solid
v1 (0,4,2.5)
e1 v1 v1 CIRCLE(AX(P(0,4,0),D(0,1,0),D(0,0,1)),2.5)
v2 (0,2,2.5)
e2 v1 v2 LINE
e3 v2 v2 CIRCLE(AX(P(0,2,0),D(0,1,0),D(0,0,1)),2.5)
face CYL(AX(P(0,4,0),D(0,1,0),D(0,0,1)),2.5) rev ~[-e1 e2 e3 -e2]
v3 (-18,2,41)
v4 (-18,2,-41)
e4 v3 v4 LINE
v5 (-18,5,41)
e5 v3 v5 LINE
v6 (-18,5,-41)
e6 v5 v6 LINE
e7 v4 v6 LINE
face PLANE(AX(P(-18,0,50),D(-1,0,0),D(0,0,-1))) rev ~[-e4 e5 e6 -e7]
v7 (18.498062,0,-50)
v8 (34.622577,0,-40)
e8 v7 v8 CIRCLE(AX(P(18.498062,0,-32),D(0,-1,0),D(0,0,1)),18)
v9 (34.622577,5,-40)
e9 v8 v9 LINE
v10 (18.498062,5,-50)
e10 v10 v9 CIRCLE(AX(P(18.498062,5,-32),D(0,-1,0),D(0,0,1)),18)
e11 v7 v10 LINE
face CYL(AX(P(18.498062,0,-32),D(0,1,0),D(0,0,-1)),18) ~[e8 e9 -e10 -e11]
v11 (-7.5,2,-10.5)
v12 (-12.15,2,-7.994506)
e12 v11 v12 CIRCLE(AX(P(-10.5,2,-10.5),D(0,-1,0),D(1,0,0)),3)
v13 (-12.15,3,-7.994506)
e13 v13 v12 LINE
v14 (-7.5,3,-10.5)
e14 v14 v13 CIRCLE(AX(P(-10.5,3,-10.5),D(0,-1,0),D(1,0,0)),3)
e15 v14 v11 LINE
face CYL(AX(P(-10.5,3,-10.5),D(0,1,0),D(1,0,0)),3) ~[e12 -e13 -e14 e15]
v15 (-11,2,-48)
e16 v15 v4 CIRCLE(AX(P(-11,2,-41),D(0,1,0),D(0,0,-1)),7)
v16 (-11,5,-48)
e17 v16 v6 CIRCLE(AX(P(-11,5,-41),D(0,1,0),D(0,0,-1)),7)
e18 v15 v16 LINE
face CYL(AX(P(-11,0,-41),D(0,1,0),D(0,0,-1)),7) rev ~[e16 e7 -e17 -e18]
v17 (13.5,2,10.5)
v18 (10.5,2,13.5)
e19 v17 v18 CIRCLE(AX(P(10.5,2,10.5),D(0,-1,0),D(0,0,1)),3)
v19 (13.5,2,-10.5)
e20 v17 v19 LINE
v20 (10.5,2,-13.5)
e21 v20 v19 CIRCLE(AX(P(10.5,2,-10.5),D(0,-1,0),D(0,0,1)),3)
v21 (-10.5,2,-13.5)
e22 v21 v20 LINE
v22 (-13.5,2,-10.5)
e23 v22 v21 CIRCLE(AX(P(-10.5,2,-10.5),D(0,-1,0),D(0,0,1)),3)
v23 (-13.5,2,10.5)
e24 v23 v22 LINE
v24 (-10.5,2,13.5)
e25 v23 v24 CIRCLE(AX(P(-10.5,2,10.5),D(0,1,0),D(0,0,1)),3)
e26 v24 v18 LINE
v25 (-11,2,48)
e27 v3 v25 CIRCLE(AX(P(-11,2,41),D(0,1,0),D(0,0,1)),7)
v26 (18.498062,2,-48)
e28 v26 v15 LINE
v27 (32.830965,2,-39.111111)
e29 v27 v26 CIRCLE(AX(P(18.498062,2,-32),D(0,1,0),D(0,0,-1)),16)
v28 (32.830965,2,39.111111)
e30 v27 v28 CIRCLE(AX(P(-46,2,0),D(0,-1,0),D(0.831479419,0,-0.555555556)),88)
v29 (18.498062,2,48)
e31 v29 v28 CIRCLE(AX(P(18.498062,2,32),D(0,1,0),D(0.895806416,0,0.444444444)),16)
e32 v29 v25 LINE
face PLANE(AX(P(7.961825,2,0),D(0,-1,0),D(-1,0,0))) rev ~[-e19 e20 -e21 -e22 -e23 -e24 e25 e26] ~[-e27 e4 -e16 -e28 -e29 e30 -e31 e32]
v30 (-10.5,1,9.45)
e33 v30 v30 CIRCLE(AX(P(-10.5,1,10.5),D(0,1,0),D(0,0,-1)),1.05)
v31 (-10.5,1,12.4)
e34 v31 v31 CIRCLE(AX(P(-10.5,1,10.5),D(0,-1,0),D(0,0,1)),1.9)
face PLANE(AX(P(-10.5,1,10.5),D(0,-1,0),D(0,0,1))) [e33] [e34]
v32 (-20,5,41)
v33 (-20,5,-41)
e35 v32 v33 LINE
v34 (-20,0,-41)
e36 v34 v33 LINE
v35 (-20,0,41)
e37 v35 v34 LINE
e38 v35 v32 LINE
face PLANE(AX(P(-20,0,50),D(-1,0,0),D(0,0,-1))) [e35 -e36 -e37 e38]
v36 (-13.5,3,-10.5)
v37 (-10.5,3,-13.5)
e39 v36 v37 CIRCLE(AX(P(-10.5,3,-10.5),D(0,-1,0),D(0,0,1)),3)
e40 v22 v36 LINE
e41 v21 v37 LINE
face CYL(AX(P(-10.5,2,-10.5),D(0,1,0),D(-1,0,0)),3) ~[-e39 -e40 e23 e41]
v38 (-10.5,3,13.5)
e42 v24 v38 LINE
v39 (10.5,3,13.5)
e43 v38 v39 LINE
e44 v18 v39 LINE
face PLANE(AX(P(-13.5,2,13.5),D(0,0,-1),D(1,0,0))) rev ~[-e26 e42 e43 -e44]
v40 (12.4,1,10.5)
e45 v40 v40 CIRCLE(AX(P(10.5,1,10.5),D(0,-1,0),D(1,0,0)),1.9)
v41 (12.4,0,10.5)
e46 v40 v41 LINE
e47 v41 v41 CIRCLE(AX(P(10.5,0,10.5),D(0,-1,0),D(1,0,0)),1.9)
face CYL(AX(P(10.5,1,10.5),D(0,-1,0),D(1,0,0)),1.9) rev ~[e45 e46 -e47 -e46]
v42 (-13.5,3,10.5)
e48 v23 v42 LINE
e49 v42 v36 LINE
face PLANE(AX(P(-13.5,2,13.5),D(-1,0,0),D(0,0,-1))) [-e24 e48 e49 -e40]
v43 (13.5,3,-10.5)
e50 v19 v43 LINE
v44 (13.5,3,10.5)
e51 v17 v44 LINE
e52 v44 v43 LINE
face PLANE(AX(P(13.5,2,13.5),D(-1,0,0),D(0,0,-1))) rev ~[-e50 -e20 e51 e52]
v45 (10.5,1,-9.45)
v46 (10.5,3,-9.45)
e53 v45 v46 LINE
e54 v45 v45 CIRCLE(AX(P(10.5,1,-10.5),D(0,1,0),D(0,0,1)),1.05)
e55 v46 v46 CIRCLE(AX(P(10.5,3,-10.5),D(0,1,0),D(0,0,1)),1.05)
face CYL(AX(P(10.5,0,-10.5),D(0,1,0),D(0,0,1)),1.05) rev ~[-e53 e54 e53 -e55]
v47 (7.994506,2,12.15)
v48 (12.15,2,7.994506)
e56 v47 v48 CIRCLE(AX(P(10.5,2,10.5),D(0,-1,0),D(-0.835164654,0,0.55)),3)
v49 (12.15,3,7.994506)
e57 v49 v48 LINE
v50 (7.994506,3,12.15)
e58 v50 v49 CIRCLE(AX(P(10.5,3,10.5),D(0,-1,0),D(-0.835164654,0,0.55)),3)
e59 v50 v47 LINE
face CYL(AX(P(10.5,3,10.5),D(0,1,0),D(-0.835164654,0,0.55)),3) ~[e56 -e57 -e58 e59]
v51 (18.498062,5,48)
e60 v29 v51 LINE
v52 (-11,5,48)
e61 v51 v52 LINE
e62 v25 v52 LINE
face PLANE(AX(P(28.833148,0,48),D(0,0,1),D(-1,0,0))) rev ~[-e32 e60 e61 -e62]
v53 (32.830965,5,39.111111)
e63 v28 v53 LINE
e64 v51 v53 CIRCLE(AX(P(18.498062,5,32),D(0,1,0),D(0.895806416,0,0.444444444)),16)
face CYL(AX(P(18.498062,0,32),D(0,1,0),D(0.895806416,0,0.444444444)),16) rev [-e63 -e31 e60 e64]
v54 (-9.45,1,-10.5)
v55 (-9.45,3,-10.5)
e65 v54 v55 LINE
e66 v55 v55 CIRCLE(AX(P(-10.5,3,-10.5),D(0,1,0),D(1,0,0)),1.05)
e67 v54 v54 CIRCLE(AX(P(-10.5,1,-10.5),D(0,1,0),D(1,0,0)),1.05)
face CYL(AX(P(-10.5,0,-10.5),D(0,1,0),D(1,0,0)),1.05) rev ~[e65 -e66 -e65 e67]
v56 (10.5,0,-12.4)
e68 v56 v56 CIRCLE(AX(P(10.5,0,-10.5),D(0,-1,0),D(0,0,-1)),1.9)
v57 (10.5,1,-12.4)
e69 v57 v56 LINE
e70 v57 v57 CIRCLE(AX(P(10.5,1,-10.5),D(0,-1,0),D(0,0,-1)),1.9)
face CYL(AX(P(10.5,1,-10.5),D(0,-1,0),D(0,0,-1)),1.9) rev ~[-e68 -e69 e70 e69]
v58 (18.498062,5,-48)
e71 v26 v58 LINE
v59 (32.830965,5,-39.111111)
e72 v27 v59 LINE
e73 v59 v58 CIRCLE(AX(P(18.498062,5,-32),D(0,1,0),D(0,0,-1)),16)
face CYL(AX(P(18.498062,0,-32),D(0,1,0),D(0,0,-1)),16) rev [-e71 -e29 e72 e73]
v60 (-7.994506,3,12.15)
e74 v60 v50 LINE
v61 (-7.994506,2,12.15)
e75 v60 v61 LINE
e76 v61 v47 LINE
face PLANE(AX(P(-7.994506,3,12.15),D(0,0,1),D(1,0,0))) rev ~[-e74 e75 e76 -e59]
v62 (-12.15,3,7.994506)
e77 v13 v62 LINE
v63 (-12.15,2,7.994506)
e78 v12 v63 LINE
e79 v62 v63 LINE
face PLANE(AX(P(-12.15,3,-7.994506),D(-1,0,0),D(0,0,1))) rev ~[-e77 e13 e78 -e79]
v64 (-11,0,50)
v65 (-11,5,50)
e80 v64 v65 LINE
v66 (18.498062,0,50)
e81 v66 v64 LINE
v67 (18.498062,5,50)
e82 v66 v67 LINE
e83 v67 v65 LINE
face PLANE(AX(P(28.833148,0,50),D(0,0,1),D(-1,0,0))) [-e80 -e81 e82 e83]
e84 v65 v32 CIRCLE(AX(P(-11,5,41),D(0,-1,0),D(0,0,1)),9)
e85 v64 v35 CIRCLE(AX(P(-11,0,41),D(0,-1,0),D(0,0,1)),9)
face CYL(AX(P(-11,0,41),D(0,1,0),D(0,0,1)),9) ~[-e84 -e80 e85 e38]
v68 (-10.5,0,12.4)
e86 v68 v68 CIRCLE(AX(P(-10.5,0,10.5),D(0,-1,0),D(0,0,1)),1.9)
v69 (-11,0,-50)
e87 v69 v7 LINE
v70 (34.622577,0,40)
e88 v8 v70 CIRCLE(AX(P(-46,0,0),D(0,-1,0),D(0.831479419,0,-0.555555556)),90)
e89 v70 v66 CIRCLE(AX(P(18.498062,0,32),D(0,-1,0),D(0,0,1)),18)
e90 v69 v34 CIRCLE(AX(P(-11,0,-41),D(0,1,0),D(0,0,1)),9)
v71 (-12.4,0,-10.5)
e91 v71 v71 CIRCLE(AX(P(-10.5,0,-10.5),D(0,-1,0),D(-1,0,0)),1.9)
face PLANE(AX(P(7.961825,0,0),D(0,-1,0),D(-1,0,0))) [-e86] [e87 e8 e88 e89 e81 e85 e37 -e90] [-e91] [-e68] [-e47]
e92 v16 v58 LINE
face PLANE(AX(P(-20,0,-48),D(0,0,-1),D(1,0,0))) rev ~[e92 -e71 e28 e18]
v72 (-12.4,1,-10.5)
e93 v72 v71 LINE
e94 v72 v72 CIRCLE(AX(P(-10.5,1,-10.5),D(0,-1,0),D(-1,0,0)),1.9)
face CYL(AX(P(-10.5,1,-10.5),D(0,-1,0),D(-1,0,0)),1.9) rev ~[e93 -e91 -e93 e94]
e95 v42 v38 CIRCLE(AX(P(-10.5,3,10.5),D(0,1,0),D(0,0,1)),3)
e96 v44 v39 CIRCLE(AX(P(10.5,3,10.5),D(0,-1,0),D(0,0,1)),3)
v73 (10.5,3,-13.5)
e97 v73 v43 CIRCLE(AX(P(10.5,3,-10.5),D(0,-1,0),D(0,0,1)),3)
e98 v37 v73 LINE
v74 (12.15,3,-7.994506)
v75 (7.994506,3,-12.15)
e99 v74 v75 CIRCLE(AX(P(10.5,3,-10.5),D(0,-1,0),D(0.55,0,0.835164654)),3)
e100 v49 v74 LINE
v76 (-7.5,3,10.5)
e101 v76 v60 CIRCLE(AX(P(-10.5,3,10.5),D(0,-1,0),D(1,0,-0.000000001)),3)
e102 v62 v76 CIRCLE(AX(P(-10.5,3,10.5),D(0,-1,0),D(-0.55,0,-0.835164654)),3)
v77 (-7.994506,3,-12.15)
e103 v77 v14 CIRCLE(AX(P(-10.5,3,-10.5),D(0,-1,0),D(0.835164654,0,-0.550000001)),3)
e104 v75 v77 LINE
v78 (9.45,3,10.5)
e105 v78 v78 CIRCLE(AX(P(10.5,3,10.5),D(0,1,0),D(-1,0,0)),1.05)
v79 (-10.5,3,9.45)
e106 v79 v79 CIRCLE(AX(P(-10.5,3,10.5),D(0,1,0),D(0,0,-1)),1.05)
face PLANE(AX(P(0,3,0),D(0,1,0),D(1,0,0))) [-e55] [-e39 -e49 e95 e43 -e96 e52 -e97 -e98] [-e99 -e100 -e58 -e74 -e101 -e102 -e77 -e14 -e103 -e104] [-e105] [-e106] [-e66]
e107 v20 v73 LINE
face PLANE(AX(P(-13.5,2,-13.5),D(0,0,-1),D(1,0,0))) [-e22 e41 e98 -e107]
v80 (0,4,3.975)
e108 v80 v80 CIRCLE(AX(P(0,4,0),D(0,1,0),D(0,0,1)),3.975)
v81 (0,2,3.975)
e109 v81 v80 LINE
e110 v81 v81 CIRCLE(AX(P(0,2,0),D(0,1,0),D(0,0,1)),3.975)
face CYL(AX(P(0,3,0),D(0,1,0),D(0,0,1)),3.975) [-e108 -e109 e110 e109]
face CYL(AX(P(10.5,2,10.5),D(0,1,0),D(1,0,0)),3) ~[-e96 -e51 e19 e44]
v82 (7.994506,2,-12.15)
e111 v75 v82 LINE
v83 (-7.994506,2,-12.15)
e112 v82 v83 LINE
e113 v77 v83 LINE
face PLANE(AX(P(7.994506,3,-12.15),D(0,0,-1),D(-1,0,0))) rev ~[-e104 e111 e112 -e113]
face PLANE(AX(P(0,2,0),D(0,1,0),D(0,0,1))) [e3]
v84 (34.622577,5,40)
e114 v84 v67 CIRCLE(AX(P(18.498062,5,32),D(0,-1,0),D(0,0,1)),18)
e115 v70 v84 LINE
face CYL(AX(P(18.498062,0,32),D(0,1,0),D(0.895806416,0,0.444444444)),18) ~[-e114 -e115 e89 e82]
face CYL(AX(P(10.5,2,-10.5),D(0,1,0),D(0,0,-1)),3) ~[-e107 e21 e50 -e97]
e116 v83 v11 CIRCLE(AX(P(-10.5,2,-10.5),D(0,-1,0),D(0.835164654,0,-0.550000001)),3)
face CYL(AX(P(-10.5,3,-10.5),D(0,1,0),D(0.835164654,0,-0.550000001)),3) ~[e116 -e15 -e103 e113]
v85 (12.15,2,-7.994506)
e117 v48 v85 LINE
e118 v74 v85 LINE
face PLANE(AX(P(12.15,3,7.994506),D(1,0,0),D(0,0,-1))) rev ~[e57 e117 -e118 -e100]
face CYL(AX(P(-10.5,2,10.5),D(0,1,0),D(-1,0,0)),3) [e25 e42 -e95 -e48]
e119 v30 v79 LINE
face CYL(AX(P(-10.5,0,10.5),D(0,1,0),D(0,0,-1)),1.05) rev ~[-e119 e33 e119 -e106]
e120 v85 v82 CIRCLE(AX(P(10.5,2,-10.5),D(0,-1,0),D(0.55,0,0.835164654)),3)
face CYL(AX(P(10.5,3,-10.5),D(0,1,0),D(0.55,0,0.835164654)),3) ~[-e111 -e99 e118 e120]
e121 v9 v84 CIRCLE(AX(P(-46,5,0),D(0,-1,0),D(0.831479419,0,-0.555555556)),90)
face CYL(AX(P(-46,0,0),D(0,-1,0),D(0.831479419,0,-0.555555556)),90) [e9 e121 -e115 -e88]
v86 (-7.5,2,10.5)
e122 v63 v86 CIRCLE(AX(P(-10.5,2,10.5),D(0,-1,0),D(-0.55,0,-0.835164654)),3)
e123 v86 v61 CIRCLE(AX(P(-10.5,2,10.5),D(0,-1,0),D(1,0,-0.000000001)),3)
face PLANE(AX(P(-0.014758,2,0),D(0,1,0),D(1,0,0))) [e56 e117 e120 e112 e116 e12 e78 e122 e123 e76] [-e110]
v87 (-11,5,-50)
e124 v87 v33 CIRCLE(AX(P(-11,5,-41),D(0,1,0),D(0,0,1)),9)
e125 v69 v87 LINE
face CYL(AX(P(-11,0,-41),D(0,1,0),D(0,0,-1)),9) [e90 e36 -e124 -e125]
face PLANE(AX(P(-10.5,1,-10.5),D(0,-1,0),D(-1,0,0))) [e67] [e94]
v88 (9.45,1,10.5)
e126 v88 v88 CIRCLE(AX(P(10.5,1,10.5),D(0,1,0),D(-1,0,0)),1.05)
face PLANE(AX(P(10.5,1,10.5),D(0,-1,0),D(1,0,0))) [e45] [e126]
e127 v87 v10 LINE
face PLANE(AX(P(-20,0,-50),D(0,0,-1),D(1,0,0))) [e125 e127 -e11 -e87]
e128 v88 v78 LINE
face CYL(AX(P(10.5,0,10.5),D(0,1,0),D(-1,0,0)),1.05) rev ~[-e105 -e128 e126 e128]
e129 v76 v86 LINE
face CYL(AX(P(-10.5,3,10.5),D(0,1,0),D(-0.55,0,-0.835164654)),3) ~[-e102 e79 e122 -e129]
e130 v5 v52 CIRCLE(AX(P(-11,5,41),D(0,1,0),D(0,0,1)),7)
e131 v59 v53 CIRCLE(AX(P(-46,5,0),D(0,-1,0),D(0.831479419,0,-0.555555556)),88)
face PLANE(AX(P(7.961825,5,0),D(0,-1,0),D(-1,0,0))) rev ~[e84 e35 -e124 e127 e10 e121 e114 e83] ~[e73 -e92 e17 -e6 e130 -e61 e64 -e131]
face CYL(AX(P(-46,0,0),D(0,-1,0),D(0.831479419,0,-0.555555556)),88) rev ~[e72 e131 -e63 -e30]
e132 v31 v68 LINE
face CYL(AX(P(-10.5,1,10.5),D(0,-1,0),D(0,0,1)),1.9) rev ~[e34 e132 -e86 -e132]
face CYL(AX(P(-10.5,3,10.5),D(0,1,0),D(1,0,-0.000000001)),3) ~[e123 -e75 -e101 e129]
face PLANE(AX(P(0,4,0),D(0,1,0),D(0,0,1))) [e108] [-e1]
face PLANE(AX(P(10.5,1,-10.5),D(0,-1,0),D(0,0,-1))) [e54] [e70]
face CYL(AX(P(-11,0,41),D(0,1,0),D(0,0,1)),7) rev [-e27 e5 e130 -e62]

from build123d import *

# Parameters (mm, degrees)
EXTRUDE_1_DEPTH              = 5
FILLET_1_R                   = 9
FILLET_2_R                   = 18
SHELL_1_T                    = -2
SKETCH_2_W                   = 27
SKETCH_2_H                   = 27
EXTRUDE_2_DEPTH              = 1
SKETCH_3_R                   = 3.975
EXTRUDE_3_DEPTH              = 1
FILLET_3_R                   = 3
HOLE_WIZARD_M2_1_D           = 2.1
HOLE_WIZARD_M2_1_CBORE_D     = 3.8
HOLE_WIZARD_M2_1_CBORE_DEPTH = 1
PATTERN_CIRCULAR_1_COUNT     = 4
SKETCH_6_R                   = 3.975
CUT_EXTRUDE_1_DEPTH          = 1
SKETCH_7_R                   = 2.5
CUT_EXTRUDE_2_DEPTH          = 2


with BuildPart() as part:
    # ｽｹｯﾁ1 → ﾎﾞｽ - 押し出し1 (new body)
    with BuildSketch(Plane(origin=(0, 0, 0), x_dir=(1, 0, 0), z_dir=(0, 1, 0))):
        with BuildLine():
            Line((-20, 50), (28.833147735, 50))
            ThreePointArc((28.833147735, 50), (44, 0), (28.833147735, -50))
            Line((28.833147735, -50), (-20, -50))
            Line((-20, -50), (-20, 50))
        make_face()
    extrude(amount=EXTRUDE_1_DEPTH)

    # ﾌｨﾚｯﾄ1
    fillet_1_edges = [part.edges().sort_by_distance(p)[0] for p in [
        (-20, 2.5, -50),
        (-20, 2.5, 50),
    ]]
    fillet(fillet_1_edges, radius=FILLET_1_R)

    # ﾌｨﾚｯﾄ2
    fillet_2_edges = [part.edges().sort_by_distance(p)[0] for p in [
        (28.833147735, 2.5, -50),
        (28.833147735, 2.5, 50),
    ]]
    fillet(fillet_2_edges, radius=FILLET_2_R)

    # ｼｪﾙ1
    shell_1_openings = [part.faces().sort_by_distance(p)[0] for p in [
        (9.782139289, 5, 0),
    ]]
    offset(amount=SHELL_1_T, openings=shell_1_openings, kind=Kind.INTERSECTION)

    # ｽｹｯﾁ2 → ﾎﾞｽ - 押し出し2 (add)
    with BuildSketch(Plane(origin=(0, 2, 0), x_dir=(1, 0, 0), z_dir=(0, 1, 0))):
        Rectangle(SKETCH_2_W, SKETCH_2_H)
    extrude(amount=EXTRUDE_2_DEPTH)

    # ｽｹｯﾁ3 → ﾎﾞｽ - 押し出し3 (add)
    with BuildSketch(Plane(origin=(0, 3, 0), x_dir=(1, 0, 0), z_dir=(0, 1, 0))):
        with Locations(Location((0, 0, 0), (0, 0, 270))):
            Circle(SKETCH_3_R)
    extrude(amount=EXTRUDE_3_DEPTH)

    # ﾌｨﾚｯﾄ3
    fillet_3_edges = [part.edges().sort_by_distance(p)[0] for p in [
        (13.5, 2.5, 13.5),
        (13.5, 2.5, -13.5),
        (-13.5, 2.5, -13.5),
        (-13.5, 2.5, 13.5),
    ]]
    fillet(fillet_3_edges, radius=FILLET_3_R)

    # M2 なべ頭ねじ用座ぐり穴1 (through all)
    with Locations(Plane(origin=(0, 0, 0), x_dir=(-1, 0, 0), z_dir=(0, -1, 0))):
        with Locations((10.5, 10.5)):
            hole_wizard_m2_1 = CounterBoreHole(HOLE_WIZARD_M2_1_D / 2, HOLE_WIZARD_M2_1_CBORE_D / 2, HOLE_WIZARD_M2_1_CBORE_DEPTH)

    # 円形ﾊﾟﾀｰﾝ1: M2 なべ頭ねじ用座ぐり穴1 ×4 about axis
    pattern_circular_1_axis = Axis((0, 0, 0), (0, 1, 0))
    for i in range(1, PATTERN_CIRCULAR_1_COUNT):
        add(hole_wizard_m2_1.rotate(pattern_circular_1_axis, i * 360 / PATTERN_CIRCULAR_1_COUNT), mode=Mode.SUBTRACT)

    # ｽｹｯﾁ6 → ｶｯﾄ - 押し出し1 (cut)
    with BuildSketch(Plane(origin=(0, 3, 0), x_dir=(1, 0, 0), z_dir=(0, 1, 0))):
        with BuildLine():
            Line((-7.994506037, -12.15), (7.994506037, -12.15))
            ThreePointArc((7.994506037, -12.15), (8.378679656, -8.378679656), (12.15, -7.994506037))
            Line((12.15, -7.994506037), (12.15, 7.994506037))
            ThreePointArc((12.15, 7.994506037), (8.378679656, 8.378679656), (7.994506037, 12.15))
            Line((7.994506037, 12.15), (-7.994506037, 12.15))
            ThreePointArc((-7.994506037, 12.15), (-7.62628447, 11.36125435), (-7.5, 10.5))
            ThreePointArc((-7.5, 10.5), (-9.076975053, 7.858977471), (-12.15, 7.994506037))
            Line((-12.15, 7.994506037), (-12.15, -7.994506037))
            ThreePointArc((-12.15, -7.994506037), (-9.076975053, -7.858977471), (-7.5, -10.5))
            ThreePointArc((-7.5, -10.5), (-7.62628447, -11.36125435), (-7.994506037, -12.15))
        make_face()
        with Locations(Location((0, 0, 0), (0, 0, 270))):
            Circle(SKETCH_6_R, mode=Mode.SUBTRACT)
    extrude(amount=-CUT_EXTRUDE_1_DEPTH, mode=Mode.SUBTRACT)

    # ｽｹｯﾁ7 → ｶｯﾄ - 押し出し2 (cut)
    with BuildSketch(Plane(origin=(0, 4, 0), x_dir=(1, 0, 0), z_dir=(0, 1, 0))):
        with Locations(Location((0, 0, 0), (0, 0, 270))):
            Circle(SKETCH_7_R)
    extrude(amount=-CUT_EXTRUDE_2_DEPTH, mode=Mode.SUBTRACT)


solid = part.part
